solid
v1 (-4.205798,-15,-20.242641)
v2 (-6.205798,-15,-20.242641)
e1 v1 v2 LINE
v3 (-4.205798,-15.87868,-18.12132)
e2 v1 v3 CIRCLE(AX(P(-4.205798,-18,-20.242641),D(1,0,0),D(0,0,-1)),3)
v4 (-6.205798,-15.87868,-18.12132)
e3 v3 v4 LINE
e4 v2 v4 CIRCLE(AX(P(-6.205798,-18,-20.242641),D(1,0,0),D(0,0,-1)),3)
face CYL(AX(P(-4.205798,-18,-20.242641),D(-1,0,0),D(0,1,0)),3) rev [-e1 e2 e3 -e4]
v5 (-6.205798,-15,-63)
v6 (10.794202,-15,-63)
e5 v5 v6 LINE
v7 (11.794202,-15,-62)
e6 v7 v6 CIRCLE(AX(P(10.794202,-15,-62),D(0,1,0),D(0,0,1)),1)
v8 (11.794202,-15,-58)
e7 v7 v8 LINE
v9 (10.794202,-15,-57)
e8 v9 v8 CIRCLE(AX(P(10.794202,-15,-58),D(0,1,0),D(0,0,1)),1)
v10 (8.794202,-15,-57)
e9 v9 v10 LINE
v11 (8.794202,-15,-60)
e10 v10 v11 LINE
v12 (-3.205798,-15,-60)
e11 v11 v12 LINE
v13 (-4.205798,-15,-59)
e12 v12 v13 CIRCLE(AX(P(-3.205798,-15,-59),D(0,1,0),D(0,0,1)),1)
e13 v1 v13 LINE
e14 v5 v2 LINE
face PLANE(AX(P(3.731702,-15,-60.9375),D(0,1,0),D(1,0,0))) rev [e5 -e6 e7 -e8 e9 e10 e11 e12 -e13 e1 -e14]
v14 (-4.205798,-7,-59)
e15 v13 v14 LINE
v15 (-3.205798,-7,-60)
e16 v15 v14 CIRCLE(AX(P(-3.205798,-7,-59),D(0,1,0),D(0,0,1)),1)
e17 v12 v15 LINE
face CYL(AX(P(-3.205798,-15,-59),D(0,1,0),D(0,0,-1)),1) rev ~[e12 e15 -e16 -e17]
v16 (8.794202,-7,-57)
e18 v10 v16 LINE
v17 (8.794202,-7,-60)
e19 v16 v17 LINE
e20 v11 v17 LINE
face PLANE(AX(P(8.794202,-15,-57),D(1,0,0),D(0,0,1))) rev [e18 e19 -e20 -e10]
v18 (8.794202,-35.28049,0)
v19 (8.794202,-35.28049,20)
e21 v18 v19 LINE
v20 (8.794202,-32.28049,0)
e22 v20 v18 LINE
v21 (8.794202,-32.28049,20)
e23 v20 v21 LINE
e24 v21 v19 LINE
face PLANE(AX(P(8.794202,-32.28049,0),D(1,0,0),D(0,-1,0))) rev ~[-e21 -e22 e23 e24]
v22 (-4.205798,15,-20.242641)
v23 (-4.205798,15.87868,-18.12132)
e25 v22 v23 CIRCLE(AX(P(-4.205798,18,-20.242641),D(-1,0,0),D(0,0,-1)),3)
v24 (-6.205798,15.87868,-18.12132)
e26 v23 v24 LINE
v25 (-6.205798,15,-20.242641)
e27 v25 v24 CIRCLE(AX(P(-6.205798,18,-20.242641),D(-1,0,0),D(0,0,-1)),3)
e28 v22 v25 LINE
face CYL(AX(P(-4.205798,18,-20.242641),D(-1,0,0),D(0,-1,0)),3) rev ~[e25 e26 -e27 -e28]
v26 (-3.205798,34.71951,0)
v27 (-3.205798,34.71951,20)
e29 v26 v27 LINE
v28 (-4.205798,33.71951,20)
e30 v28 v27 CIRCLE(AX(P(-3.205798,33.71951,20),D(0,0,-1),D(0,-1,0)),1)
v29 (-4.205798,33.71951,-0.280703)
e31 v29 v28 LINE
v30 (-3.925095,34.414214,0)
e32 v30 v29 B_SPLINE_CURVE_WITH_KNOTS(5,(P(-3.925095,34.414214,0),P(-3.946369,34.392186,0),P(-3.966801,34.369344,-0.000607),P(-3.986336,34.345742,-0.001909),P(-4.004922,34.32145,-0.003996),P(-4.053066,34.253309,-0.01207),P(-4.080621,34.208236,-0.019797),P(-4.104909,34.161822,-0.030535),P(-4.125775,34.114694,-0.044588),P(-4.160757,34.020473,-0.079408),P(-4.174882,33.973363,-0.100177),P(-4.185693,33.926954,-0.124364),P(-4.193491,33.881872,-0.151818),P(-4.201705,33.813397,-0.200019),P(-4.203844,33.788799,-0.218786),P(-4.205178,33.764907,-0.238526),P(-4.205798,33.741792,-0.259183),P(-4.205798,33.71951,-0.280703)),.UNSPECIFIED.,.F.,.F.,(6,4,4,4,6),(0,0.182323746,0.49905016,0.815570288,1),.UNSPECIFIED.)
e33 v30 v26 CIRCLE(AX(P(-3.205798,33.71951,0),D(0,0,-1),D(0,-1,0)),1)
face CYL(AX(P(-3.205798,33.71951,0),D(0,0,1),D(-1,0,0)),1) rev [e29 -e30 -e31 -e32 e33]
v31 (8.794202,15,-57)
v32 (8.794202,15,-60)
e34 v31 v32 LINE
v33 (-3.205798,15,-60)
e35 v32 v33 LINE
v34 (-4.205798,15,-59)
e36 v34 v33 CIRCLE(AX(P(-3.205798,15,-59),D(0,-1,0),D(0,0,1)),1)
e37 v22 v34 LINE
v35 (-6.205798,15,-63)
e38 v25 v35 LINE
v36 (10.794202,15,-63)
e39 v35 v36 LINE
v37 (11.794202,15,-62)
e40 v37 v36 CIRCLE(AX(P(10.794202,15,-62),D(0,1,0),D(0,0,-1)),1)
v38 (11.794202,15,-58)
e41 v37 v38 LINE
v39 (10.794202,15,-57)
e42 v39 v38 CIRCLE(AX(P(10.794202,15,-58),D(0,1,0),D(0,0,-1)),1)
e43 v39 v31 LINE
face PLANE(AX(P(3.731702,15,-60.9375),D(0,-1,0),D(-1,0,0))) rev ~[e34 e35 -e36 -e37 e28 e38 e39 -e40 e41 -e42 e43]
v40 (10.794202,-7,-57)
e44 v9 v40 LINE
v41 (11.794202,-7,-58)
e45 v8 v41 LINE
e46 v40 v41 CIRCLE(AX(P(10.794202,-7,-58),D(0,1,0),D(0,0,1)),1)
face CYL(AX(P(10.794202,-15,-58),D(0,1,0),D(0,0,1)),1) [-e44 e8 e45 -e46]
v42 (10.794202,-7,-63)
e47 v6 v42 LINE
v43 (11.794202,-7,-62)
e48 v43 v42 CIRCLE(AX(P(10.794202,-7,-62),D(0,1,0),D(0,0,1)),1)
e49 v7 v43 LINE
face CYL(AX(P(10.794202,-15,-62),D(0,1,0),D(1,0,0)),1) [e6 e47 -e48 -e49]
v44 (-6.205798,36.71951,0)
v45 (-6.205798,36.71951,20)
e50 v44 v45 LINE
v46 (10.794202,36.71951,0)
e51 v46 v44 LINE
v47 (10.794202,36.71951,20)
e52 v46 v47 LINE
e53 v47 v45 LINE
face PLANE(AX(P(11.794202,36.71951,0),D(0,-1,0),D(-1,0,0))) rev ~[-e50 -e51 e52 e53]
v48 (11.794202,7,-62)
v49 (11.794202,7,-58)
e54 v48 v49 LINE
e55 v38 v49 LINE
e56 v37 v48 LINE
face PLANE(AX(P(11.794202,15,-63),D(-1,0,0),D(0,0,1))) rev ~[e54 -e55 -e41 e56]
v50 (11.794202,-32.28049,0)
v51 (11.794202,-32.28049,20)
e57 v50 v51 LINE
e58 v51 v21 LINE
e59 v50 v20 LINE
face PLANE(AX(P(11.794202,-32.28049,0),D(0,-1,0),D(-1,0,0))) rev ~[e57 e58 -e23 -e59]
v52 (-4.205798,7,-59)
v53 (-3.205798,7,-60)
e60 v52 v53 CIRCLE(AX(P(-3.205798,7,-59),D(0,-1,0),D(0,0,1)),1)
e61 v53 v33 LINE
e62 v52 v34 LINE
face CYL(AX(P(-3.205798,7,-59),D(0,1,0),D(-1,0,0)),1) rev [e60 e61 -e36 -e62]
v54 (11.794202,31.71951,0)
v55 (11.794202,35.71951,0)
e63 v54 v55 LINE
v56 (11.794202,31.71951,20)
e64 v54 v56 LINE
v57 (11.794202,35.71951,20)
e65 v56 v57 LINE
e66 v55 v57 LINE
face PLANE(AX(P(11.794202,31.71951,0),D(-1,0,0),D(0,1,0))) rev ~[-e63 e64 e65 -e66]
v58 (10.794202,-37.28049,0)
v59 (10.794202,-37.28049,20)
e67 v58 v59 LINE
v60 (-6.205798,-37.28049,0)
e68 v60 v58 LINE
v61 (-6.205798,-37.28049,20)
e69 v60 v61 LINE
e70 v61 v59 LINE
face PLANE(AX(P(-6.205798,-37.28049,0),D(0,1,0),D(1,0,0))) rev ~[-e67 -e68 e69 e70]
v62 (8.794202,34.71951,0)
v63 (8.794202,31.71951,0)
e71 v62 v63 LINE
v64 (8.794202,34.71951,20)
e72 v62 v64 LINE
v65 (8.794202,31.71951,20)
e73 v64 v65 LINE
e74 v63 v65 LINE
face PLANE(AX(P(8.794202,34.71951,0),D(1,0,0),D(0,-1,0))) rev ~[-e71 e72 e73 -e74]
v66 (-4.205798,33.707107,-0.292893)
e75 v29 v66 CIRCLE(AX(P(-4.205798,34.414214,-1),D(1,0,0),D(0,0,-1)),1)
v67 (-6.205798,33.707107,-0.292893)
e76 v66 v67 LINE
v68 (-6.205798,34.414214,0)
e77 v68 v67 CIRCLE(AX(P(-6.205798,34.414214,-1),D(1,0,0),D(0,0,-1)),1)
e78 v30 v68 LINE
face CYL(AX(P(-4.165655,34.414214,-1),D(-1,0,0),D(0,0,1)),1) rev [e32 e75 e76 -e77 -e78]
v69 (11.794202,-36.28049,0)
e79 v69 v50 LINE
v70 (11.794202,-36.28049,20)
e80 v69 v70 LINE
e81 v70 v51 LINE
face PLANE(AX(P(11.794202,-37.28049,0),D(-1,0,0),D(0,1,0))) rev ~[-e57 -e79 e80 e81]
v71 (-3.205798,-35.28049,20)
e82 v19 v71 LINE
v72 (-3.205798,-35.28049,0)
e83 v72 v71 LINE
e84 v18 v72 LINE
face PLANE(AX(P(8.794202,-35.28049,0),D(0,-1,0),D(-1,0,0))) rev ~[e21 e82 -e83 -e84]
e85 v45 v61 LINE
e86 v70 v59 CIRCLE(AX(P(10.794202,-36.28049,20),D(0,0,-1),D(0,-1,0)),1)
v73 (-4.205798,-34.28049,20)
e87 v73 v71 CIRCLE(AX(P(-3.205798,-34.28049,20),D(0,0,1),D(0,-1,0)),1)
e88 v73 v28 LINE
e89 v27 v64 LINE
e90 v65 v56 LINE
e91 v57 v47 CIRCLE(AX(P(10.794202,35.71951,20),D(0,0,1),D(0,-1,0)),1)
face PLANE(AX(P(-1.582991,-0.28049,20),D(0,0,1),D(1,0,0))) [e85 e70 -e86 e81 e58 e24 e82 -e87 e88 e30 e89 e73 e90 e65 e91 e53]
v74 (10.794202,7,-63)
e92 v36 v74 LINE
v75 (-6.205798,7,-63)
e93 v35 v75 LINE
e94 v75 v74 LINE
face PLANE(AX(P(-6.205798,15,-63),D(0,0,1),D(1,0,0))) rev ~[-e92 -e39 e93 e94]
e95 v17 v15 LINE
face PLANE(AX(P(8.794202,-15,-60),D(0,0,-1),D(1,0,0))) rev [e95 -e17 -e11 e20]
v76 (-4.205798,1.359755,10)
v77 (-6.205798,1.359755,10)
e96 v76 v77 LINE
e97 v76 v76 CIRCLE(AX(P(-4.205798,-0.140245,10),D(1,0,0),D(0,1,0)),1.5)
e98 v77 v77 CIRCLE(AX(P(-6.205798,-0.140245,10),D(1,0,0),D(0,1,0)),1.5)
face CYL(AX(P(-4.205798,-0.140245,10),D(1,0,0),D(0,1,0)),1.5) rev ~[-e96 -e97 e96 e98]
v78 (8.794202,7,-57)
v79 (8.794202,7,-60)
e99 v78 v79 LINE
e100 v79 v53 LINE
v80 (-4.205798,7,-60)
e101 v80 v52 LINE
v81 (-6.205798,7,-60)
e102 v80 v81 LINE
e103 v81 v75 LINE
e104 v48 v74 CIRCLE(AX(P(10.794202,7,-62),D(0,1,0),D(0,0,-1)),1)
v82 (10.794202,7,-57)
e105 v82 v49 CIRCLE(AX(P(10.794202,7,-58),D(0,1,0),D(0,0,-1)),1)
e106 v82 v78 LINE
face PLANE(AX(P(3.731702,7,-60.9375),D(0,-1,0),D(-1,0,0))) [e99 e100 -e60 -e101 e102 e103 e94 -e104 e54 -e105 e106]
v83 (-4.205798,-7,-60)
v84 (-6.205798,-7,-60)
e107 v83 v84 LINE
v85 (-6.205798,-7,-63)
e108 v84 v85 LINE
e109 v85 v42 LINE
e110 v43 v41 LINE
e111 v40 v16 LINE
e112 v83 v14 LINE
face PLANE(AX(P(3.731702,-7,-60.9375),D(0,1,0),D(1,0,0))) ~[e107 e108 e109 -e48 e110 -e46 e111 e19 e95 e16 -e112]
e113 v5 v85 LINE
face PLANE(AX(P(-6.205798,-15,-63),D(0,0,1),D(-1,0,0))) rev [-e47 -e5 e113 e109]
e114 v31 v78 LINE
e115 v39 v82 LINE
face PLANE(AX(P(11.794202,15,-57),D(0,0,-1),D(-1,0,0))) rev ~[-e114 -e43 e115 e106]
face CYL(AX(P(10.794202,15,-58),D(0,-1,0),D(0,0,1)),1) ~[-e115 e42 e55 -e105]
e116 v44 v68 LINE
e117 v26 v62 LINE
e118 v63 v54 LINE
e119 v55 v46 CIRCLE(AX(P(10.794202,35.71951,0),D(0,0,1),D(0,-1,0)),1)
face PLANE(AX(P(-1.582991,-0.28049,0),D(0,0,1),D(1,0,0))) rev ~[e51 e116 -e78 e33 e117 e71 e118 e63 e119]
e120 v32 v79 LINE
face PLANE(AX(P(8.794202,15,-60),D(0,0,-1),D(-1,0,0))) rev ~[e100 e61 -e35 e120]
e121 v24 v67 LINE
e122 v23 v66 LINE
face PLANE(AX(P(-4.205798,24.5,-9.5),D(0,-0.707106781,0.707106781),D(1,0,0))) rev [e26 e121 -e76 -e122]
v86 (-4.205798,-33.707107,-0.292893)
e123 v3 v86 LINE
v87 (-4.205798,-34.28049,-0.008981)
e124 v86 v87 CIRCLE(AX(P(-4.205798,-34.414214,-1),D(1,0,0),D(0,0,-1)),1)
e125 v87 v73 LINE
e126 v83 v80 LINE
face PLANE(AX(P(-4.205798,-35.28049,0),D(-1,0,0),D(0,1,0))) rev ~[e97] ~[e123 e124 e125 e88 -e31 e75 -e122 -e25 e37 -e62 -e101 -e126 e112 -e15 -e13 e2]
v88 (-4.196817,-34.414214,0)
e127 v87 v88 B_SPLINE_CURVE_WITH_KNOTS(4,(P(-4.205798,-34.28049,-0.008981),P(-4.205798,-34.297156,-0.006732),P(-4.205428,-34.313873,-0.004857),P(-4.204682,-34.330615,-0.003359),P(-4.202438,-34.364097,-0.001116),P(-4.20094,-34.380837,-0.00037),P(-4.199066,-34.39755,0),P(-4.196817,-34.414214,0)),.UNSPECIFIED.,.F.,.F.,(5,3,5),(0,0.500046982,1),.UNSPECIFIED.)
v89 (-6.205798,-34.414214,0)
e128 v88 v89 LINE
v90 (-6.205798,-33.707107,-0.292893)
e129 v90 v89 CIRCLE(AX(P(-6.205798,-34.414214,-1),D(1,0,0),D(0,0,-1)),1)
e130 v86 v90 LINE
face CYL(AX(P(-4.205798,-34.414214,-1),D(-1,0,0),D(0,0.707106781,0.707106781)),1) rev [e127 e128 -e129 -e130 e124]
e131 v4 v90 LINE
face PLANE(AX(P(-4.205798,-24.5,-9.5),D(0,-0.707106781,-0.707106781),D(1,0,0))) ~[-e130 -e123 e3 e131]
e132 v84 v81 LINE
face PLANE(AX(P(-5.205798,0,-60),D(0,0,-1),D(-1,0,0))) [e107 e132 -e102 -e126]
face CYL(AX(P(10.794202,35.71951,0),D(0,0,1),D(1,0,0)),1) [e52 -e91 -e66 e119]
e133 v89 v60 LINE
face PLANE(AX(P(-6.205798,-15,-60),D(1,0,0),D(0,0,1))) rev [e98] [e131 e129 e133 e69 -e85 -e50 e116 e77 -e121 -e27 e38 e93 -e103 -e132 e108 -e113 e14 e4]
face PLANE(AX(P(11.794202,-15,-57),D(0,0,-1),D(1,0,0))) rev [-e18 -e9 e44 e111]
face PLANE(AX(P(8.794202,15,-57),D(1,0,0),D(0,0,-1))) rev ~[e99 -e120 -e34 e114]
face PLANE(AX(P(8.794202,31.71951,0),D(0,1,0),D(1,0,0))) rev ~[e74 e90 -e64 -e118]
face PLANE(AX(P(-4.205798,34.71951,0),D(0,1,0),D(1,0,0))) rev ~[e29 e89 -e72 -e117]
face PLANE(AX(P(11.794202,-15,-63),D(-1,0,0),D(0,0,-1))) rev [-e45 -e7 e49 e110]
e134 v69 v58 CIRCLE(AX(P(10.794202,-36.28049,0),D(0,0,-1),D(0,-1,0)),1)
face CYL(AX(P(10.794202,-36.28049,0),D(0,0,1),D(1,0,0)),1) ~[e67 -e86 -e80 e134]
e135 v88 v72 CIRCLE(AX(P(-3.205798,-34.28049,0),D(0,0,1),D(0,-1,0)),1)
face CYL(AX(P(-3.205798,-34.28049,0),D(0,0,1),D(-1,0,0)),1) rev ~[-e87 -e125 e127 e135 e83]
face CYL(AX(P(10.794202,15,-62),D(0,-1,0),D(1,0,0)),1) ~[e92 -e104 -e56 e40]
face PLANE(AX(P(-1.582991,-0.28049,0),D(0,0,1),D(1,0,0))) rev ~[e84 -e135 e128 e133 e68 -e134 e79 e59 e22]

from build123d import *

# Parameters (mm, degrees)
RESSALTO_EXTRUS_O1_DEPTH = 20
ESBO_O2_W                = 2
ESBO_O2_H                = 30
RESSALTO_EXTRUS_O2_DEPTH = 60
RESSALTO_EXTRUS_O3_DEPTH = 8
FILETE1_R                = 1
ESBO_O4_R                = 1.5
CORTE_EXTRUS_O1_DEPTH    = 8
CHANFRO1_SIZE            = 19
FILETE2_R                = 3
FILETE3_R                = 1


with BuildPart() as part:
    # Esboço1 → Ressalto-extrusão1 (new body)
    with BuildSketch(Plane.XY):
        Polygon((-4.205798406, -35.280489631), (-4.205798406, 34.719510369), (8.794201594, 34.719510369), (8.794201594, 31.719510369), (11.794201594, 31.719510369), (11.794201594, 36.719510369), (-6.205798406, 36.719510369), (-6.205798406, -37.280489631), (11.794201594, -37.280489631), (11.794201594, -32.280489631), (8.794201594, -32.280489631), (8.794201594, -35.280489631), align=None)
    extrude(amount=RESSALTO_EXTRUS_O1_DEPTH)

    # Esboço2 → Ressalto-extrusão2 (add)
    with BuildSketch(Plane(origin=(0, 0, 0), x_dir=(-1, 0, 0), z_dir=(0, 0, -1))):
        with Locations((5.205798406, 0)):
            Rectangle(ESBO_O2_W, ESBO_O2_H)
    extrude(amount=RESSALTO_EXTRUS_O2_DEPTH)

    # Esboço3 → Ressalto-extrusão3 (add)
    with BuildSketch(Plane(origin=(0, 15, 0), x_dir=(1, 0, 0), z_dir=(0, 1, 0))):
        Polygon((-6.205798406, 60), (-6.205798406, 63), (11.794201594, 63), (11.794201594, 57), (8.794201594, 57), (8.794201594, 60), align=None)
    ressalto_extrus_o3 = extrude(amount=-RESSALTO_EXTRUS_O3_DEPTH)

    # Espelhar1: Ressalto-extrusão3 across plane
    add(ressalto_extrus_o3.mirror(Plane.ZX))

    # Filete1
    filete1_edges = [part.edges().sort_by_distance(p)[0] for p in [
        (-4.205798406, 34.719510369, 10),
        (-4.205798406, -35.280489631, 10),
        (11.794201594, -37.280489631, 10),
        (11.794201594, 36.719510369, 10),
        (-4.205798406, 11, -60),
        (11.794201594, 11, -63),
        (11.794201594, 11, -57),
        (-4.205798406, -11, -60),
        (11.794201594, -11, -57),
        (11.794201594, -11, -63),
    ]]
    fillet(filete1_edges, radius=FILETE1_R)

    # Esboço4 → Corte-extrusão1 (cut)
    with BuildSketch(Plane(origin=(-4.205798406, 0, 0), x_dir=(0, 0, -1), z_dir=(1, 0, 0))):
        with Locations(Location((-10, -0.140244815, 0), (0, 0, 90))):
            Circle(ESBO_O4_R)
    extrude(amount=-CORTE_EXTRUS_O1_DEPTH, mode=Mode.SUBTRACT)

    # Chanfro1
    chanfro1_edges = [part.edges().sort_by_distance(p)[0] for p in [
        (-5.205798406, -15, 0),
        (-5.205798406, 15, 0),
    ]]
    chamfer(chanfro1_edges, length=CHANFRO1_SIZE)

    # Filete2
    filete2_edges = [part.edges().sort_by_distance(p)[0] for p in [
        (-5.205798406, -15, -19),
        (-5.205798406, 15, -19),
    ]]
    fillet(filete2_edges, radius=FILETE2_R)

    # Filete3
    filete3_edges = [part.edges().sort_by_distance(p)[0] for p in [
        (-5.205798406, -34, 0),
        (-5.185726934, 34, 0),
    ]]
    fillet(filete3_edges, radius=FILETE3_R)


solid = part.part
